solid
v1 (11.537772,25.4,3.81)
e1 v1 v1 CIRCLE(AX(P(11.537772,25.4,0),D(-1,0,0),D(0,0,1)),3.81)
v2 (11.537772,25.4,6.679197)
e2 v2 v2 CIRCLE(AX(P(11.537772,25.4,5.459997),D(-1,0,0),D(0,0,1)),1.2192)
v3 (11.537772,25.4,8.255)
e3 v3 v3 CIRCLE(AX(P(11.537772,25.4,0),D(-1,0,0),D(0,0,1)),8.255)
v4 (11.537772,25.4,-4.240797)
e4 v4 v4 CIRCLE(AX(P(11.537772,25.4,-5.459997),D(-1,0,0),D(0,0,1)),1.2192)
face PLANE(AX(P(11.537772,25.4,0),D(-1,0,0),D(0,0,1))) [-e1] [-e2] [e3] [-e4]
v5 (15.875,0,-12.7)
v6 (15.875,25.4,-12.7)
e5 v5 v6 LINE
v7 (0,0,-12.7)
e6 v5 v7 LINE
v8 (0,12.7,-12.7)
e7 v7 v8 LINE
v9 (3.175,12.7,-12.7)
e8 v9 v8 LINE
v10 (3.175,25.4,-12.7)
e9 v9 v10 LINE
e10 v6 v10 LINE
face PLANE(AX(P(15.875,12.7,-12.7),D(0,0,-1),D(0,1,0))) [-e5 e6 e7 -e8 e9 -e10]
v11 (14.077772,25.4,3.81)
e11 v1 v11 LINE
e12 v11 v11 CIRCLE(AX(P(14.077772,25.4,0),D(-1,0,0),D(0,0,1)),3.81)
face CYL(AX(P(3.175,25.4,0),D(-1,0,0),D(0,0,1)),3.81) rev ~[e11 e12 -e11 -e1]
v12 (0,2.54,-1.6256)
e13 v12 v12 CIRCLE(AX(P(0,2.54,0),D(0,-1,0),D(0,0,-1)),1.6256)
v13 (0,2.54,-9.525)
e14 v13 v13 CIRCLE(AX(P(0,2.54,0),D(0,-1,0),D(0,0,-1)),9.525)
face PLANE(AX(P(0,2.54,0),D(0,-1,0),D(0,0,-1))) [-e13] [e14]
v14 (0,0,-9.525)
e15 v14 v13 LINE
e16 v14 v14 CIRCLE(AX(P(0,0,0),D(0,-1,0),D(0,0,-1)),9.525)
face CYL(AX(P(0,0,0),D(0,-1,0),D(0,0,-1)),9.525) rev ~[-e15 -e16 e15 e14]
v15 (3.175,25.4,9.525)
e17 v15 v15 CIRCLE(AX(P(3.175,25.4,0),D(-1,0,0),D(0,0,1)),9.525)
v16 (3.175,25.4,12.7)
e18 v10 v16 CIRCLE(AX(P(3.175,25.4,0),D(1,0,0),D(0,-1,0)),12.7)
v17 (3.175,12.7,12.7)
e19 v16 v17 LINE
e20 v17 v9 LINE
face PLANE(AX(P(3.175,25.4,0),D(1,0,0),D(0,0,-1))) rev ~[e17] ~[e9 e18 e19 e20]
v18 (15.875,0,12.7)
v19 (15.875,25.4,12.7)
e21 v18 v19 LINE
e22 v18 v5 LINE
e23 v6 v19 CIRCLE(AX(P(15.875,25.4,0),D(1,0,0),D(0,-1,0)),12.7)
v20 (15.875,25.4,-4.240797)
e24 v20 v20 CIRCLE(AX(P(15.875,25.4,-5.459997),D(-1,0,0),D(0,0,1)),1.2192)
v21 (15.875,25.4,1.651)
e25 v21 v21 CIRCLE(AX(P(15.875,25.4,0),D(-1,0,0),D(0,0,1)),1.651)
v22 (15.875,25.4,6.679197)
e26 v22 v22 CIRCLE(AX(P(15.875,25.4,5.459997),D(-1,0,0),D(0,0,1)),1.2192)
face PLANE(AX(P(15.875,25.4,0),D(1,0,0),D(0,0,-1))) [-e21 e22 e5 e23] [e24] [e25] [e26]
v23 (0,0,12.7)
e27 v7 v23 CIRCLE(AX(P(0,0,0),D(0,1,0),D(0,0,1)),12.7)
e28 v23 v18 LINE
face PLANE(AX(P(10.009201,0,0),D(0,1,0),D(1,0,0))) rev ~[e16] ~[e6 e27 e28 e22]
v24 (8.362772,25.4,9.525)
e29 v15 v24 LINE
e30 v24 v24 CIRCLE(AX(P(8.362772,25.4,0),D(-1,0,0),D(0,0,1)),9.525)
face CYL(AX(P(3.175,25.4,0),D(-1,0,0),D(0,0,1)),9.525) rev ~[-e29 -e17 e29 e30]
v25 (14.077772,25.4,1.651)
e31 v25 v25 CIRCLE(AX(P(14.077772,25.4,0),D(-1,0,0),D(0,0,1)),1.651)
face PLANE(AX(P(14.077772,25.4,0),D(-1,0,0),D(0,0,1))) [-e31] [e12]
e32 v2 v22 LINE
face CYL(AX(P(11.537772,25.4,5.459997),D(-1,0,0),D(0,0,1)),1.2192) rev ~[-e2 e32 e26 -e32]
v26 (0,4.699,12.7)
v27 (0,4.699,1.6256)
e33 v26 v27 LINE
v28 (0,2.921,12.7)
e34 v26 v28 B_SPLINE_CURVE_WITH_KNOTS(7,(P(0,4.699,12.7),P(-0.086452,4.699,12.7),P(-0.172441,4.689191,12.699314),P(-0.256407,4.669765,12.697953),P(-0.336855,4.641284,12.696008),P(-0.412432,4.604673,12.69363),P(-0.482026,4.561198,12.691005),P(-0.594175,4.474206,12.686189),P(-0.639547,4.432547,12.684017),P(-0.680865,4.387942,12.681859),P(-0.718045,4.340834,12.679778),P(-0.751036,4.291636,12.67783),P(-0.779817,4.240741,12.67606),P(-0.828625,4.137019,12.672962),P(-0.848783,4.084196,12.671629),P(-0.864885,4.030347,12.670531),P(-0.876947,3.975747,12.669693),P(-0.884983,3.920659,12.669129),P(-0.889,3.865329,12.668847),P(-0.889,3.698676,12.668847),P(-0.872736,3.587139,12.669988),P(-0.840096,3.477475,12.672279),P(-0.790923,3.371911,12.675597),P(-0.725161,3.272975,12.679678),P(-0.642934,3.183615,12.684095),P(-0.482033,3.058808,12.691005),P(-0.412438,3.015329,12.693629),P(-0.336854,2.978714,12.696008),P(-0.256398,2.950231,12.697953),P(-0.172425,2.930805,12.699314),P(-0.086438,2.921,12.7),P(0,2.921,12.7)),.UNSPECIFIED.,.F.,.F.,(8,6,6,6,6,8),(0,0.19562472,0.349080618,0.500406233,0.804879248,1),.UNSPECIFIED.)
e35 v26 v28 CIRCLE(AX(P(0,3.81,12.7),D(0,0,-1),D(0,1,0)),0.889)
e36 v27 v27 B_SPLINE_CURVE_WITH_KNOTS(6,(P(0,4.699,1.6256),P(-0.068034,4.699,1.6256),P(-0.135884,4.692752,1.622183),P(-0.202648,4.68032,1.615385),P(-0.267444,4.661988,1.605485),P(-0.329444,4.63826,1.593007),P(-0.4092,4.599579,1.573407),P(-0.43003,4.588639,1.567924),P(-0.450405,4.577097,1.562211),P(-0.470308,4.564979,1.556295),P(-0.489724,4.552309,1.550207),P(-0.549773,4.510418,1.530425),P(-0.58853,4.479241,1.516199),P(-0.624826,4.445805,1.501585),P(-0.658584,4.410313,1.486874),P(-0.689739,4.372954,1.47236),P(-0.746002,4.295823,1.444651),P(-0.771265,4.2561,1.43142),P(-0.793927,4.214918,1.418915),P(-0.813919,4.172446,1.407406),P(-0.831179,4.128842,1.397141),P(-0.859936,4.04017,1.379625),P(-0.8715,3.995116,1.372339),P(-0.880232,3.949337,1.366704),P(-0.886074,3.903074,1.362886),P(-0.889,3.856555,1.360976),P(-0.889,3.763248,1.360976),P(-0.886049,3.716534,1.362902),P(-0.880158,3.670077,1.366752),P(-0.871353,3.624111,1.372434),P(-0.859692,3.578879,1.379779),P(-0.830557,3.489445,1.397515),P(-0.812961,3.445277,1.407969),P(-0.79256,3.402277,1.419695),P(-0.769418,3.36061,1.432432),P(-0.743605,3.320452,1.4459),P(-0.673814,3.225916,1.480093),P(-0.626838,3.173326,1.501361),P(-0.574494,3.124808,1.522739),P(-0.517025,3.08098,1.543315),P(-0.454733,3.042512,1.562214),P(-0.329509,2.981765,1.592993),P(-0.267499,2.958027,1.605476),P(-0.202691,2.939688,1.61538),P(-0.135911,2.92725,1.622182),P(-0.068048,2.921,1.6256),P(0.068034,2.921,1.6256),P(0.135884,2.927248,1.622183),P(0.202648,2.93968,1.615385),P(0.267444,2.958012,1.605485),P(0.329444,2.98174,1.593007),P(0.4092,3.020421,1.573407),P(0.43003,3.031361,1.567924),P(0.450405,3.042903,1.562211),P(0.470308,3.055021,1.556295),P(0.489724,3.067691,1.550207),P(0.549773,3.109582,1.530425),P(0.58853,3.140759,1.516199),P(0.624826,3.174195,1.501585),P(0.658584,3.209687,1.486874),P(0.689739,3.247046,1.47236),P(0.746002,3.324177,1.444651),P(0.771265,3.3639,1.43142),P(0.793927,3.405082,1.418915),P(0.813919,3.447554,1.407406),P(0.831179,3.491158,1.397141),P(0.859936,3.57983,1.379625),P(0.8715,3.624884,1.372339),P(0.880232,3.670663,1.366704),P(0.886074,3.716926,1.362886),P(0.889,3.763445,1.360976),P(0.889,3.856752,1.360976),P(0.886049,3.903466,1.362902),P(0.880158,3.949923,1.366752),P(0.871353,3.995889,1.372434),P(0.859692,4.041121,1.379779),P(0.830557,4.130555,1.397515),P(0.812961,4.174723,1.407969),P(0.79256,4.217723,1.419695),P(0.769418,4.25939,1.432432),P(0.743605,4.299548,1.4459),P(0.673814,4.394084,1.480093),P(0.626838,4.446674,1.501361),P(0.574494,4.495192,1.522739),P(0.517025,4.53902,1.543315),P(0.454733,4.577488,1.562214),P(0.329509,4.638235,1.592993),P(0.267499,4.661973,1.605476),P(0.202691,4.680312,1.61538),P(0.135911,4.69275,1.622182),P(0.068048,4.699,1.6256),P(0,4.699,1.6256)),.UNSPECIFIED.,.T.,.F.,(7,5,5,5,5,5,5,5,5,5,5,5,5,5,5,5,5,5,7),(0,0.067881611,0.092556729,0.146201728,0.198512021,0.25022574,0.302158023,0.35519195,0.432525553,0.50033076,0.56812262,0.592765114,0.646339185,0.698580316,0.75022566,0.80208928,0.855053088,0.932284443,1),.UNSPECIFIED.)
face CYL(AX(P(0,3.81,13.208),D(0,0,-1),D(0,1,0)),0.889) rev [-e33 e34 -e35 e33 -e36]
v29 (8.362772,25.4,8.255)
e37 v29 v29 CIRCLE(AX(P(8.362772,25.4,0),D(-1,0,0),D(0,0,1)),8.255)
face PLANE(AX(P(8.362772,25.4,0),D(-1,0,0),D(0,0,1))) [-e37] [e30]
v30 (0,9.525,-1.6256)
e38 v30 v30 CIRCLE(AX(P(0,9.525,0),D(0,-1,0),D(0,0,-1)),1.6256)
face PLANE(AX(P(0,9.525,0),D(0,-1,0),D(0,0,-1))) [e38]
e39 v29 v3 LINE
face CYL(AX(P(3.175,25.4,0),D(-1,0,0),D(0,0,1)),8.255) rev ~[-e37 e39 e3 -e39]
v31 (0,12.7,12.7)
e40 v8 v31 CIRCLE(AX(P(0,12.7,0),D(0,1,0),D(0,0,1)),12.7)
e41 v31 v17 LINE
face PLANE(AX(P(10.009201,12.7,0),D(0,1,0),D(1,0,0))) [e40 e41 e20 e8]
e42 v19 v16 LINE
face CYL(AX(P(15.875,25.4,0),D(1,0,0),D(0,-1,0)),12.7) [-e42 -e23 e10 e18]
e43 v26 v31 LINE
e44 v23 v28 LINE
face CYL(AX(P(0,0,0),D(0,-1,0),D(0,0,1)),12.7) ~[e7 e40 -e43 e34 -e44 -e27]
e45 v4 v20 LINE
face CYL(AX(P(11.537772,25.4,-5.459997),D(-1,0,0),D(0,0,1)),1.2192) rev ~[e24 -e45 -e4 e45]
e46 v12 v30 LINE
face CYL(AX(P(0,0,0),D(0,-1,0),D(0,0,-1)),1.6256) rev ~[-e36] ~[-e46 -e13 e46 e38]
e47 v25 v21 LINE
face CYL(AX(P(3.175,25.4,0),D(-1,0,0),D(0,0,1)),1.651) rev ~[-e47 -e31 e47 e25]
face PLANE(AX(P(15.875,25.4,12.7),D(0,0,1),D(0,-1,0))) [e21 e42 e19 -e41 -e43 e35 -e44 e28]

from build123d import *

# Parameters (mm, degrees)
SKETCH1_R           = 12.7
BOSS_EXTRUDE1_DEPTH = 12.7
SKETCH2_R           = 1.6256
CUT_EXTRUDE1_DEPTH  = 9.525
SKETCH3_R           = 9.525
CUT_EXTRUDE2_DEPTH  = 2.54
BOSS_EXTRUDE6_START = -12.7
BOSS_EXTRUDE6_DEPTH = 12.7
SKETCH15_R          = 12.7
BOSS_EXTRUDE8_DEPTH = 12.7
SKETCH17_R          = 1.651
CUT_EXTRUDE4_DEPTH  = 12.7
SKETCH18_R          = 3.81
CUT_EXTRUDE5_DEPTH  = 10.9027722
SKETCH19_R          = 8.255
CUT_EXTRUDE6_DEPTH  = 8.3627722
SKETCH20_R          = 9.525
CUT_EXTRUDE7_DEPTH  = 5.1877722
SKETCH21_R          = 1.2192
CUT_EXTRUDE8_DEPTH  = 4.3372278


with BuildPart() as part:
    # Sketch1 → Boss-Extrude1 (new body)
    with BuildSketch(Plane(origin=(0, 0, 0), x_dir=(1, 0, 0), z_dir=(0, 1, 0))):
        with Locations(Location((0, 0, 0), (0, 0, 270))):
            Circle(SKETCH1_R)
    extrude(amount=BOSS_EXTRUDE1_DEPTH)

    # Sketch2 → Cut-Extrude1 (cut)
    with BuildSketch(Plane.XZ):
        with Locations(Location((0, 0, 0), (0, 0, 270))):
            Circle(SKETCH2_R)
    extrude(amount=-CUT_EXTRUDE1_DEPTH, mode=Mode.SUBTRACT)

    # Sketch3 → Cut-Extrude2 (cut)
    with BuildSketch(Plane.XZ):
        with Locations(Location((0, 0, 0), (0, 0, 270))):
            Circle(SKETCH3_R)
    extrude(amount=-CUT_EXTRUDE2_DEPTH, mode=Mode.SUBTRACT)

    # Sketch14 → Boss-Extrude6 (add)
    with BuildSketch(Plane(origin=(0, 12.7, 0), x_dir=(1, 0, 0), z_dir=(0, 1, 0)).offset(BOSS_EXTRUDE6_START)):
        with BuildLine():
            Line((15.875, 12.7), (0, 12.7))
            ThreePointArc((0, 12.7), (8.980256121, 8.980256121), (12.7, 0))
            ThreePointArc((12.7, 0), (8.980256121, -8.980256121), (0, -12.7))
            Line((0, -12.7), (15.875, -12.7))
            Line((15.875, -12.7), (15.875, 12.7))
        make_face()
    extrude(amount=BOSS_EXTRUDE6_DEPTH)

    # Sketch5 → #2-56 Tapped Hole1 (revolve, cut)
    with BuildSketch(Plane(origin=(0, 3.81, 0), x_dir=(0, 1, 0), z_dir=(1, 0, 0))):
        Polygon((0, 0), (0, 13.74216509), (0.889, 13.208), (0.889, 0), align=None)
    revolve(axis=Axis((0, 3.81, -6.35), (0, 0, 1)), mode=Mode.SUBTRACT)

    # Sketch15 → Boss-Extrude8 (add)
    with BuildSketch(Plane(origin=(15.875, 0, 0), x_dir=(0, 0, -1), z_dir=(1, 0, 0))):
        with Locations((0, 25.4)):
            Circle(SKETCH15_R)
        with BuildLine():
            ThreePointArc((0, 12.7), (-8.980256121, 16.419743879), (-12.7, 25.4))
            Line((-12.7, 25.4), (-12.7, 12.7))
            Line((-12.7, 12.7), (0, 12.7))
        make_face()
        with BuildLine():
            Line((12.7, 12.7), (12.7, 25.4))
            ThreePointArc((12.7, 25.4), (8.980256121, 16.419743879), (0, 12.7))
            Line((0, 12.7), (12.7, 12.7))
        make_face()
    extrude(amount=-BOSS_EXTRUDE8_DEPTH)

    # Sketch17 → Cut-Extrude4 (cut)
    with BuildSketch(Plane.ZY.offset(-3.175)):
        with Locations((0, 25.4)):
            Circle(SKETCH17_R)
    extrude(amount=-CUT_EXTRUDE4_DEPTH, mode=Mode.SUBTRACT)

    # Sketch18 → Cut-Extrude5 (cut)
    with BuildSketch(Plane.ZY.offset(-3.175)):
        with Locations((0, 25.4)):
            Circle(SKETCH18_R)
    extrude(amount=-CUT_EXTRUDE5_DEPTH, mode=Mode.SUBTRACT)

    # Sketch19 → Cut-Extrude6 (cut)
    with BuildSketch(Plane.ZY.offset(-3.175)):
        with Locations((0, 25.4)):
            Circle(SKETCH19_R)
    extrude(amount=-CUT_EXTRUDE6_DEPTH, mode=Mode.SUBTRACT)

    # Sketch20 → Cut-Extrude7 (cut)
    with BuildSketch(Plane.ZY.offset(-3.175)):
        with Locations((0, 25.4)):
            Circle(SKETCH20_R)
    extrude(amount=-CUT_EXTRUDE7_DEPTH, mode=Mode.SUBTRACT)

    # Sketch21 → Cut-Extrude8 (cut)
    with BuildSketch(Plane.ZY.offset(-11.5377722)):
        with Locations((5.4599967, 25.4)):
            Circle(SKETCH21_R)
        with Locations((-5.4599967, 25.4)):
            Circle(SKETCH21_R)
    extrude(amount=-CUT_EXTRUDE8_DEPTH, mode=Mode.SUBTRACT)


solid = part.part
